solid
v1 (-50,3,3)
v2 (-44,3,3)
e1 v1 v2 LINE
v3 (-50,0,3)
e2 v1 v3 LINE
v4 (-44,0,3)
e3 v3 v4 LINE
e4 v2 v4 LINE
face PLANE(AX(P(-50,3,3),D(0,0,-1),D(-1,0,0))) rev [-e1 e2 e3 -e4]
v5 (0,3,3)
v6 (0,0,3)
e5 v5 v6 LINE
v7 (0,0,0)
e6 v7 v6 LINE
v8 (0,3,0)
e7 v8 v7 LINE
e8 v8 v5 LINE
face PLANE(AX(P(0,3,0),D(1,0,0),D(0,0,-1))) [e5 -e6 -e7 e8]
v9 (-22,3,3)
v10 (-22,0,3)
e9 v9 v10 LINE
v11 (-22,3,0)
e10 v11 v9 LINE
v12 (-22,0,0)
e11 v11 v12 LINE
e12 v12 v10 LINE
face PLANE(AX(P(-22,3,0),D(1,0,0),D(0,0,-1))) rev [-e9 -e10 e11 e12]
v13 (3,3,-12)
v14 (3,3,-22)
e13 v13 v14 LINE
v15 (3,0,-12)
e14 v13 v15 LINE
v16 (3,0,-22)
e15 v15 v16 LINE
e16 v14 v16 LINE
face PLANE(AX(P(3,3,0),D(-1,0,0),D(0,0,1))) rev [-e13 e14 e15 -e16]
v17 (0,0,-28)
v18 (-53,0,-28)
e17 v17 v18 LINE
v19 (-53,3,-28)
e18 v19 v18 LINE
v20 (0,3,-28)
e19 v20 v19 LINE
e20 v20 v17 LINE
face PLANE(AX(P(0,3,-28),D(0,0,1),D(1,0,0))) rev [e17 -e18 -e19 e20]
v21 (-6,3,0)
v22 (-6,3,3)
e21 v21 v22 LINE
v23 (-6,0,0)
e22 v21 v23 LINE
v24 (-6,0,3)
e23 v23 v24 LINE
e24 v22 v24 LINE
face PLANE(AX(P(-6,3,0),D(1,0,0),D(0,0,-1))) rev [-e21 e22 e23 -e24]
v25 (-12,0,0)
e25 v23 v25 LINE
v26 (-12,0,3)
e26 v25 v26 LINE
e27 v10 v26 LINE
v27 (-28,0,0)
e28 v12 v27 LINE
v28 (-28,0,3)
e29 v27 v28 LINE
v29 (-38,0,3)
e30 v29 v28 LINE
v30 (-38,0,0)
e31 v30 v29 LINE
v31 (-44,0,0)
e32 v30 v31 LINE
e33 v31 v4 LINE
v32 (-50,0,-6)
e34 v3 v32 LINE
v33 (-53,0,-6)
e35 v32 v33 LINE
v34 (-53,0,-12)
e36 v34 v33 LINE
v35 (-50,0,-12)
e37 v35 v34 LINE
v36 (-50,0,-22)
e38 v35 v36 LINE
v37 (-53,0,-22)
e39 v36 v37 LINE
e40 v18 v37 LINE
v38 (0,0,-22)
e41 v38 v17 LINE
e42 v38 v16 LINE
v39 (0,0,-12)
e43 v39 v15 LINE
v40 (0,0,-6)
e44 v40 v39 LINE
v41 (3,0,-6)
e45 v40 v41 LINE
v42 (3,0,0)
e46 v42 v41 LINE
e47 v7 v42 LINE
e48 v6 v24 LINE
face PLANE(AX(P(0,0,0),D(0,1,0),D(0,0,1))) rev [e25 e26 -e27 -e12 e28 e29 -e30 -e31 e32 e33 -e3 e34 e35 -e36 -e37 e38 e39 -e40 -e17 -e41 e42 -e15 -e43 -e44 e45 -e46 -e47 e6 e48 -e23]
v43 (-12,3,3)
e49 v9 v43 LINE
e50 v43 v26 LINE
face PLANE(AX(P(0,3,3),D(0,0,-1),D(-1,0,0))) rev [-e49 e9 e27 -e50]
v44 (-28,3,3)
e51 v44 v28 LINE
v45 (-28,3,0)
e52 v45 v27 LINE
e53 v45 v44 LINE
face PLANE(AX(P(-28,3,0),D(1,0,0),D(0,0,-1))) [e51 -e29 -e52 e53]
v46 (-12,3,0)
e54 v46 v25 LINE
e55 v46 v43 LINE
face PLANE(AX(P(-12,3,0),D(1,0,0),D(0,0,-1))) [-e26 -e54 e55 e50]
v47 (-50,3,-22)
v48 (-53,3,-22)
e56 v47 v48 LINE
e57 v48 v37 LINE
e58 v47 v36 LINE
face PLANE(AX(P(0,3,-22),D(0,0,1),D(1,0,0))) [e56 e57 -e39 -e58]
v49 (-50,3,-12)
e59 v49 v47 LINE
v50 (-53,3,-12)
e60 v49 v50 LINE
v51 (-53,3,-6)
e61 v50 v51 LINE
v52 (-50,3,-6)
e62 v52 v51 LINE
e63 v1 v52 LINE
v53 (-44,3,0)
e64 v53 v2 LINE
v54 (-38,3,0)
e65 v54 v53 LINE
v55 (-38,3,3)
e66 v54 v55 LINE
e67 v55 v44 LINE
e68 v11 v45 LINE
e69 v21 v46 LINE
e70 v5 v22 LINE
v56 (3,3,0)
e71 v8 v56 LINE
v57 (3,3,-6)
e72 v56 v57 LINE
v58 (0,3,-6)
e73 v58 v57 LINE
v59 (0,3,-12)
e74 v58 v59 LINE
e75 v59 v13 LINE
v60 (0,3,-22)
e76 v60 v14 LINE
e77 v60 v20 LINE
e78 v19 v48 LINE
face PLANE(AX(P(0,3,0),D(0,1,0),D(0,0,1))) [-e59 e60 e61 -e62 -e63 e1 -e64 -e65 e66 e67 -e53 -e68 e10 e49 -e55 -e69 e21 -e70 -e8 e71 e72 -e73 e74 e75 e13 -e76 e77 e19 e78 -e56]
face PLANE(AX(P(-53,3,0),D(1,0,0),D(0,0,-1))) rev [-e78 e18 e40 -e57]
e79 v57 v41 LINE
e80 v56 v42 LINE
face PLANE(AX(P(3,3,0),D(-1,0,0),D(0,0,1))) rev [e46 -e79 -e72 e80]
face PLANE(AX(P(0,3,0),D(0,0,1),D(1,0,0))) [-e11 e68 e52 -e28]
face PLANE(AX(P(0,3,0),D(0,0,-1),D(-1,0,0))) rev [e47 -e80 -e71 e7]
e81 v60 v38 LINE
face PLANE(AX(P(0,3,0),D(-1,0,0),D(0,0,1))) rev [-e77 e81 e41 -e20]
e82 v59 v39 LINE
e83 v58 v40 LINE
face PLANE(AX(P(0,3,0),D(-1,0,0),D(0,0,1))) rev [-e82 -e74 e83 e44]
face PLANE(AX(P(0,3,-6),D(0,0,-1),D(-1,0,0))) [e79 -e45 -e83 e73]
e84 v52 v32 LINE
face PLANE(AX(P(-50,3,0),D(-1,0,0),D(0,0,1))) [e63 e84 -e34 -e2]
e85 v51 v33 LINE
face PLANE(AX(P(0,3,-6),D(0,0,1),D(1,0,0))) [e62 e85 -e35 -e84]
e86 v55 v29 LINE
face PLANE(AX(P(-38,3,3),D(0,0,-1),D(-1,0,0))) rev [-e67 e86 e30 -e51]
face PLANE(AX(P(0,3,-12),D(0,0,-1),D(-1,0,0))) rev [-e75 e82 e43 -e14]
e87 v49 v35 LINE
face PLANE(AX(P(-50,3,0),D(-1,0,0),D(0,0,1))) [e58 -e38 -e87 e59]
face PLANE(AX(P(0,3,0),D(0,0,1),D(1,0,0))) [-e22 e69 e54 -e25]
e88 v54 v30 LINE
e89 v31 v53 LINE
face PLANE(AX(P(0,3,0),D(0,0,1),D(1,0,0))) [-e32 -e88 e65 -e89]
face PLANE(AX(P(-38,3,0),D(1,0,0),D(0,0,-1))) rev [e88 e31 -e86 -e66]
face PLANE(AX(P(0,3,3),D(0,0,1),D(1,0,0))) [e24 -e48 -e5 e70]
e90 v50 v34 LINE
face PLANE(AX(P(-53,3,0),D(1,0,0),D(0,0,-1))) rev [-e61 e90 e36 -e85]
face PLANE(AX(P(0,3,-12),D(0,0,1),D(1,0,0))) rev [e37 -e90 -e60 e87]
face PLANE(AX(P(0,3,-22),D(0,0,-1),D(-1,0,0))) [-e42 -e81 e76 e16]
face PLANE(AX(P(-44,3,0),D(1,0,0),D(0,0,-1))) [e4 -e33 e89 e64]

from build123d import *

# Parameters (mm, degrees)
BOSS_EXTRUDE1_DEPTH = 3
SKETCH2_W           = 56
SKETCH2_H           = 25
CUT_EXTRUDE1_DEPTH  = 76.013332148


with BuildPart() as part:
    # Sketch1 → Boss-Extrude1 (new body)
    with BuildSketch(Plane(origin=(0, 0, 0), x_dir=(1, 0, 0), z_dir=(0, 1, 0))):
        Polygon((0, -3), (0, 0), (3, 0), (3, 6), (0, 6), (0, 12), (3, 12), (3, 22), (0, 22), (0, 28), (3, 28), (3, 38), (0, 38), (0, 44), (3, 44), (3, 50), (0, 50), (0, 53), (-6, 53), (-6, 50), (-12, 50), (-12, 53), (-22, 53), (-22, 50), (-28, 50), (-28, 53), (-38, 53), (-38, 50), (-44, 50), (-44, 53), (-50, 53), (-50, 44), (-53, 44), (-53, 38), (-50, 38), (-50, 28), (-53, 28), (-53, 22), (-50, 22), (-50, 12), (-53, 12), (-53, 6), (-50, 6), (-50, -3), (-44, -3), (-44, 0), (-38, 0), (-38, -3), (-28, -3), (-28, 0), (-22, 0), (-22, -3), (-12, -3), (-12, 0), (-6, 0), (-6, -3), align=None)
    extrude(amount=BOSS_EXTRUDE1_DEPTH)

    # Sketch2 → Cut-Extrude1 (cut, through all)
    with BuildSketch(Plane(origin=(0, 3, 0), x_dir=(1, 0, 0), z_dir=(0, 1, 0))):
        with Locations((-25, 40.5)):
            Rectangle(SKETCH2_W, SKETCH2_H)
    extrude(amount=-CUT_EXTRUDE1_DEPTH, mode=Mode.SUBTRACT)


solid = part.part
